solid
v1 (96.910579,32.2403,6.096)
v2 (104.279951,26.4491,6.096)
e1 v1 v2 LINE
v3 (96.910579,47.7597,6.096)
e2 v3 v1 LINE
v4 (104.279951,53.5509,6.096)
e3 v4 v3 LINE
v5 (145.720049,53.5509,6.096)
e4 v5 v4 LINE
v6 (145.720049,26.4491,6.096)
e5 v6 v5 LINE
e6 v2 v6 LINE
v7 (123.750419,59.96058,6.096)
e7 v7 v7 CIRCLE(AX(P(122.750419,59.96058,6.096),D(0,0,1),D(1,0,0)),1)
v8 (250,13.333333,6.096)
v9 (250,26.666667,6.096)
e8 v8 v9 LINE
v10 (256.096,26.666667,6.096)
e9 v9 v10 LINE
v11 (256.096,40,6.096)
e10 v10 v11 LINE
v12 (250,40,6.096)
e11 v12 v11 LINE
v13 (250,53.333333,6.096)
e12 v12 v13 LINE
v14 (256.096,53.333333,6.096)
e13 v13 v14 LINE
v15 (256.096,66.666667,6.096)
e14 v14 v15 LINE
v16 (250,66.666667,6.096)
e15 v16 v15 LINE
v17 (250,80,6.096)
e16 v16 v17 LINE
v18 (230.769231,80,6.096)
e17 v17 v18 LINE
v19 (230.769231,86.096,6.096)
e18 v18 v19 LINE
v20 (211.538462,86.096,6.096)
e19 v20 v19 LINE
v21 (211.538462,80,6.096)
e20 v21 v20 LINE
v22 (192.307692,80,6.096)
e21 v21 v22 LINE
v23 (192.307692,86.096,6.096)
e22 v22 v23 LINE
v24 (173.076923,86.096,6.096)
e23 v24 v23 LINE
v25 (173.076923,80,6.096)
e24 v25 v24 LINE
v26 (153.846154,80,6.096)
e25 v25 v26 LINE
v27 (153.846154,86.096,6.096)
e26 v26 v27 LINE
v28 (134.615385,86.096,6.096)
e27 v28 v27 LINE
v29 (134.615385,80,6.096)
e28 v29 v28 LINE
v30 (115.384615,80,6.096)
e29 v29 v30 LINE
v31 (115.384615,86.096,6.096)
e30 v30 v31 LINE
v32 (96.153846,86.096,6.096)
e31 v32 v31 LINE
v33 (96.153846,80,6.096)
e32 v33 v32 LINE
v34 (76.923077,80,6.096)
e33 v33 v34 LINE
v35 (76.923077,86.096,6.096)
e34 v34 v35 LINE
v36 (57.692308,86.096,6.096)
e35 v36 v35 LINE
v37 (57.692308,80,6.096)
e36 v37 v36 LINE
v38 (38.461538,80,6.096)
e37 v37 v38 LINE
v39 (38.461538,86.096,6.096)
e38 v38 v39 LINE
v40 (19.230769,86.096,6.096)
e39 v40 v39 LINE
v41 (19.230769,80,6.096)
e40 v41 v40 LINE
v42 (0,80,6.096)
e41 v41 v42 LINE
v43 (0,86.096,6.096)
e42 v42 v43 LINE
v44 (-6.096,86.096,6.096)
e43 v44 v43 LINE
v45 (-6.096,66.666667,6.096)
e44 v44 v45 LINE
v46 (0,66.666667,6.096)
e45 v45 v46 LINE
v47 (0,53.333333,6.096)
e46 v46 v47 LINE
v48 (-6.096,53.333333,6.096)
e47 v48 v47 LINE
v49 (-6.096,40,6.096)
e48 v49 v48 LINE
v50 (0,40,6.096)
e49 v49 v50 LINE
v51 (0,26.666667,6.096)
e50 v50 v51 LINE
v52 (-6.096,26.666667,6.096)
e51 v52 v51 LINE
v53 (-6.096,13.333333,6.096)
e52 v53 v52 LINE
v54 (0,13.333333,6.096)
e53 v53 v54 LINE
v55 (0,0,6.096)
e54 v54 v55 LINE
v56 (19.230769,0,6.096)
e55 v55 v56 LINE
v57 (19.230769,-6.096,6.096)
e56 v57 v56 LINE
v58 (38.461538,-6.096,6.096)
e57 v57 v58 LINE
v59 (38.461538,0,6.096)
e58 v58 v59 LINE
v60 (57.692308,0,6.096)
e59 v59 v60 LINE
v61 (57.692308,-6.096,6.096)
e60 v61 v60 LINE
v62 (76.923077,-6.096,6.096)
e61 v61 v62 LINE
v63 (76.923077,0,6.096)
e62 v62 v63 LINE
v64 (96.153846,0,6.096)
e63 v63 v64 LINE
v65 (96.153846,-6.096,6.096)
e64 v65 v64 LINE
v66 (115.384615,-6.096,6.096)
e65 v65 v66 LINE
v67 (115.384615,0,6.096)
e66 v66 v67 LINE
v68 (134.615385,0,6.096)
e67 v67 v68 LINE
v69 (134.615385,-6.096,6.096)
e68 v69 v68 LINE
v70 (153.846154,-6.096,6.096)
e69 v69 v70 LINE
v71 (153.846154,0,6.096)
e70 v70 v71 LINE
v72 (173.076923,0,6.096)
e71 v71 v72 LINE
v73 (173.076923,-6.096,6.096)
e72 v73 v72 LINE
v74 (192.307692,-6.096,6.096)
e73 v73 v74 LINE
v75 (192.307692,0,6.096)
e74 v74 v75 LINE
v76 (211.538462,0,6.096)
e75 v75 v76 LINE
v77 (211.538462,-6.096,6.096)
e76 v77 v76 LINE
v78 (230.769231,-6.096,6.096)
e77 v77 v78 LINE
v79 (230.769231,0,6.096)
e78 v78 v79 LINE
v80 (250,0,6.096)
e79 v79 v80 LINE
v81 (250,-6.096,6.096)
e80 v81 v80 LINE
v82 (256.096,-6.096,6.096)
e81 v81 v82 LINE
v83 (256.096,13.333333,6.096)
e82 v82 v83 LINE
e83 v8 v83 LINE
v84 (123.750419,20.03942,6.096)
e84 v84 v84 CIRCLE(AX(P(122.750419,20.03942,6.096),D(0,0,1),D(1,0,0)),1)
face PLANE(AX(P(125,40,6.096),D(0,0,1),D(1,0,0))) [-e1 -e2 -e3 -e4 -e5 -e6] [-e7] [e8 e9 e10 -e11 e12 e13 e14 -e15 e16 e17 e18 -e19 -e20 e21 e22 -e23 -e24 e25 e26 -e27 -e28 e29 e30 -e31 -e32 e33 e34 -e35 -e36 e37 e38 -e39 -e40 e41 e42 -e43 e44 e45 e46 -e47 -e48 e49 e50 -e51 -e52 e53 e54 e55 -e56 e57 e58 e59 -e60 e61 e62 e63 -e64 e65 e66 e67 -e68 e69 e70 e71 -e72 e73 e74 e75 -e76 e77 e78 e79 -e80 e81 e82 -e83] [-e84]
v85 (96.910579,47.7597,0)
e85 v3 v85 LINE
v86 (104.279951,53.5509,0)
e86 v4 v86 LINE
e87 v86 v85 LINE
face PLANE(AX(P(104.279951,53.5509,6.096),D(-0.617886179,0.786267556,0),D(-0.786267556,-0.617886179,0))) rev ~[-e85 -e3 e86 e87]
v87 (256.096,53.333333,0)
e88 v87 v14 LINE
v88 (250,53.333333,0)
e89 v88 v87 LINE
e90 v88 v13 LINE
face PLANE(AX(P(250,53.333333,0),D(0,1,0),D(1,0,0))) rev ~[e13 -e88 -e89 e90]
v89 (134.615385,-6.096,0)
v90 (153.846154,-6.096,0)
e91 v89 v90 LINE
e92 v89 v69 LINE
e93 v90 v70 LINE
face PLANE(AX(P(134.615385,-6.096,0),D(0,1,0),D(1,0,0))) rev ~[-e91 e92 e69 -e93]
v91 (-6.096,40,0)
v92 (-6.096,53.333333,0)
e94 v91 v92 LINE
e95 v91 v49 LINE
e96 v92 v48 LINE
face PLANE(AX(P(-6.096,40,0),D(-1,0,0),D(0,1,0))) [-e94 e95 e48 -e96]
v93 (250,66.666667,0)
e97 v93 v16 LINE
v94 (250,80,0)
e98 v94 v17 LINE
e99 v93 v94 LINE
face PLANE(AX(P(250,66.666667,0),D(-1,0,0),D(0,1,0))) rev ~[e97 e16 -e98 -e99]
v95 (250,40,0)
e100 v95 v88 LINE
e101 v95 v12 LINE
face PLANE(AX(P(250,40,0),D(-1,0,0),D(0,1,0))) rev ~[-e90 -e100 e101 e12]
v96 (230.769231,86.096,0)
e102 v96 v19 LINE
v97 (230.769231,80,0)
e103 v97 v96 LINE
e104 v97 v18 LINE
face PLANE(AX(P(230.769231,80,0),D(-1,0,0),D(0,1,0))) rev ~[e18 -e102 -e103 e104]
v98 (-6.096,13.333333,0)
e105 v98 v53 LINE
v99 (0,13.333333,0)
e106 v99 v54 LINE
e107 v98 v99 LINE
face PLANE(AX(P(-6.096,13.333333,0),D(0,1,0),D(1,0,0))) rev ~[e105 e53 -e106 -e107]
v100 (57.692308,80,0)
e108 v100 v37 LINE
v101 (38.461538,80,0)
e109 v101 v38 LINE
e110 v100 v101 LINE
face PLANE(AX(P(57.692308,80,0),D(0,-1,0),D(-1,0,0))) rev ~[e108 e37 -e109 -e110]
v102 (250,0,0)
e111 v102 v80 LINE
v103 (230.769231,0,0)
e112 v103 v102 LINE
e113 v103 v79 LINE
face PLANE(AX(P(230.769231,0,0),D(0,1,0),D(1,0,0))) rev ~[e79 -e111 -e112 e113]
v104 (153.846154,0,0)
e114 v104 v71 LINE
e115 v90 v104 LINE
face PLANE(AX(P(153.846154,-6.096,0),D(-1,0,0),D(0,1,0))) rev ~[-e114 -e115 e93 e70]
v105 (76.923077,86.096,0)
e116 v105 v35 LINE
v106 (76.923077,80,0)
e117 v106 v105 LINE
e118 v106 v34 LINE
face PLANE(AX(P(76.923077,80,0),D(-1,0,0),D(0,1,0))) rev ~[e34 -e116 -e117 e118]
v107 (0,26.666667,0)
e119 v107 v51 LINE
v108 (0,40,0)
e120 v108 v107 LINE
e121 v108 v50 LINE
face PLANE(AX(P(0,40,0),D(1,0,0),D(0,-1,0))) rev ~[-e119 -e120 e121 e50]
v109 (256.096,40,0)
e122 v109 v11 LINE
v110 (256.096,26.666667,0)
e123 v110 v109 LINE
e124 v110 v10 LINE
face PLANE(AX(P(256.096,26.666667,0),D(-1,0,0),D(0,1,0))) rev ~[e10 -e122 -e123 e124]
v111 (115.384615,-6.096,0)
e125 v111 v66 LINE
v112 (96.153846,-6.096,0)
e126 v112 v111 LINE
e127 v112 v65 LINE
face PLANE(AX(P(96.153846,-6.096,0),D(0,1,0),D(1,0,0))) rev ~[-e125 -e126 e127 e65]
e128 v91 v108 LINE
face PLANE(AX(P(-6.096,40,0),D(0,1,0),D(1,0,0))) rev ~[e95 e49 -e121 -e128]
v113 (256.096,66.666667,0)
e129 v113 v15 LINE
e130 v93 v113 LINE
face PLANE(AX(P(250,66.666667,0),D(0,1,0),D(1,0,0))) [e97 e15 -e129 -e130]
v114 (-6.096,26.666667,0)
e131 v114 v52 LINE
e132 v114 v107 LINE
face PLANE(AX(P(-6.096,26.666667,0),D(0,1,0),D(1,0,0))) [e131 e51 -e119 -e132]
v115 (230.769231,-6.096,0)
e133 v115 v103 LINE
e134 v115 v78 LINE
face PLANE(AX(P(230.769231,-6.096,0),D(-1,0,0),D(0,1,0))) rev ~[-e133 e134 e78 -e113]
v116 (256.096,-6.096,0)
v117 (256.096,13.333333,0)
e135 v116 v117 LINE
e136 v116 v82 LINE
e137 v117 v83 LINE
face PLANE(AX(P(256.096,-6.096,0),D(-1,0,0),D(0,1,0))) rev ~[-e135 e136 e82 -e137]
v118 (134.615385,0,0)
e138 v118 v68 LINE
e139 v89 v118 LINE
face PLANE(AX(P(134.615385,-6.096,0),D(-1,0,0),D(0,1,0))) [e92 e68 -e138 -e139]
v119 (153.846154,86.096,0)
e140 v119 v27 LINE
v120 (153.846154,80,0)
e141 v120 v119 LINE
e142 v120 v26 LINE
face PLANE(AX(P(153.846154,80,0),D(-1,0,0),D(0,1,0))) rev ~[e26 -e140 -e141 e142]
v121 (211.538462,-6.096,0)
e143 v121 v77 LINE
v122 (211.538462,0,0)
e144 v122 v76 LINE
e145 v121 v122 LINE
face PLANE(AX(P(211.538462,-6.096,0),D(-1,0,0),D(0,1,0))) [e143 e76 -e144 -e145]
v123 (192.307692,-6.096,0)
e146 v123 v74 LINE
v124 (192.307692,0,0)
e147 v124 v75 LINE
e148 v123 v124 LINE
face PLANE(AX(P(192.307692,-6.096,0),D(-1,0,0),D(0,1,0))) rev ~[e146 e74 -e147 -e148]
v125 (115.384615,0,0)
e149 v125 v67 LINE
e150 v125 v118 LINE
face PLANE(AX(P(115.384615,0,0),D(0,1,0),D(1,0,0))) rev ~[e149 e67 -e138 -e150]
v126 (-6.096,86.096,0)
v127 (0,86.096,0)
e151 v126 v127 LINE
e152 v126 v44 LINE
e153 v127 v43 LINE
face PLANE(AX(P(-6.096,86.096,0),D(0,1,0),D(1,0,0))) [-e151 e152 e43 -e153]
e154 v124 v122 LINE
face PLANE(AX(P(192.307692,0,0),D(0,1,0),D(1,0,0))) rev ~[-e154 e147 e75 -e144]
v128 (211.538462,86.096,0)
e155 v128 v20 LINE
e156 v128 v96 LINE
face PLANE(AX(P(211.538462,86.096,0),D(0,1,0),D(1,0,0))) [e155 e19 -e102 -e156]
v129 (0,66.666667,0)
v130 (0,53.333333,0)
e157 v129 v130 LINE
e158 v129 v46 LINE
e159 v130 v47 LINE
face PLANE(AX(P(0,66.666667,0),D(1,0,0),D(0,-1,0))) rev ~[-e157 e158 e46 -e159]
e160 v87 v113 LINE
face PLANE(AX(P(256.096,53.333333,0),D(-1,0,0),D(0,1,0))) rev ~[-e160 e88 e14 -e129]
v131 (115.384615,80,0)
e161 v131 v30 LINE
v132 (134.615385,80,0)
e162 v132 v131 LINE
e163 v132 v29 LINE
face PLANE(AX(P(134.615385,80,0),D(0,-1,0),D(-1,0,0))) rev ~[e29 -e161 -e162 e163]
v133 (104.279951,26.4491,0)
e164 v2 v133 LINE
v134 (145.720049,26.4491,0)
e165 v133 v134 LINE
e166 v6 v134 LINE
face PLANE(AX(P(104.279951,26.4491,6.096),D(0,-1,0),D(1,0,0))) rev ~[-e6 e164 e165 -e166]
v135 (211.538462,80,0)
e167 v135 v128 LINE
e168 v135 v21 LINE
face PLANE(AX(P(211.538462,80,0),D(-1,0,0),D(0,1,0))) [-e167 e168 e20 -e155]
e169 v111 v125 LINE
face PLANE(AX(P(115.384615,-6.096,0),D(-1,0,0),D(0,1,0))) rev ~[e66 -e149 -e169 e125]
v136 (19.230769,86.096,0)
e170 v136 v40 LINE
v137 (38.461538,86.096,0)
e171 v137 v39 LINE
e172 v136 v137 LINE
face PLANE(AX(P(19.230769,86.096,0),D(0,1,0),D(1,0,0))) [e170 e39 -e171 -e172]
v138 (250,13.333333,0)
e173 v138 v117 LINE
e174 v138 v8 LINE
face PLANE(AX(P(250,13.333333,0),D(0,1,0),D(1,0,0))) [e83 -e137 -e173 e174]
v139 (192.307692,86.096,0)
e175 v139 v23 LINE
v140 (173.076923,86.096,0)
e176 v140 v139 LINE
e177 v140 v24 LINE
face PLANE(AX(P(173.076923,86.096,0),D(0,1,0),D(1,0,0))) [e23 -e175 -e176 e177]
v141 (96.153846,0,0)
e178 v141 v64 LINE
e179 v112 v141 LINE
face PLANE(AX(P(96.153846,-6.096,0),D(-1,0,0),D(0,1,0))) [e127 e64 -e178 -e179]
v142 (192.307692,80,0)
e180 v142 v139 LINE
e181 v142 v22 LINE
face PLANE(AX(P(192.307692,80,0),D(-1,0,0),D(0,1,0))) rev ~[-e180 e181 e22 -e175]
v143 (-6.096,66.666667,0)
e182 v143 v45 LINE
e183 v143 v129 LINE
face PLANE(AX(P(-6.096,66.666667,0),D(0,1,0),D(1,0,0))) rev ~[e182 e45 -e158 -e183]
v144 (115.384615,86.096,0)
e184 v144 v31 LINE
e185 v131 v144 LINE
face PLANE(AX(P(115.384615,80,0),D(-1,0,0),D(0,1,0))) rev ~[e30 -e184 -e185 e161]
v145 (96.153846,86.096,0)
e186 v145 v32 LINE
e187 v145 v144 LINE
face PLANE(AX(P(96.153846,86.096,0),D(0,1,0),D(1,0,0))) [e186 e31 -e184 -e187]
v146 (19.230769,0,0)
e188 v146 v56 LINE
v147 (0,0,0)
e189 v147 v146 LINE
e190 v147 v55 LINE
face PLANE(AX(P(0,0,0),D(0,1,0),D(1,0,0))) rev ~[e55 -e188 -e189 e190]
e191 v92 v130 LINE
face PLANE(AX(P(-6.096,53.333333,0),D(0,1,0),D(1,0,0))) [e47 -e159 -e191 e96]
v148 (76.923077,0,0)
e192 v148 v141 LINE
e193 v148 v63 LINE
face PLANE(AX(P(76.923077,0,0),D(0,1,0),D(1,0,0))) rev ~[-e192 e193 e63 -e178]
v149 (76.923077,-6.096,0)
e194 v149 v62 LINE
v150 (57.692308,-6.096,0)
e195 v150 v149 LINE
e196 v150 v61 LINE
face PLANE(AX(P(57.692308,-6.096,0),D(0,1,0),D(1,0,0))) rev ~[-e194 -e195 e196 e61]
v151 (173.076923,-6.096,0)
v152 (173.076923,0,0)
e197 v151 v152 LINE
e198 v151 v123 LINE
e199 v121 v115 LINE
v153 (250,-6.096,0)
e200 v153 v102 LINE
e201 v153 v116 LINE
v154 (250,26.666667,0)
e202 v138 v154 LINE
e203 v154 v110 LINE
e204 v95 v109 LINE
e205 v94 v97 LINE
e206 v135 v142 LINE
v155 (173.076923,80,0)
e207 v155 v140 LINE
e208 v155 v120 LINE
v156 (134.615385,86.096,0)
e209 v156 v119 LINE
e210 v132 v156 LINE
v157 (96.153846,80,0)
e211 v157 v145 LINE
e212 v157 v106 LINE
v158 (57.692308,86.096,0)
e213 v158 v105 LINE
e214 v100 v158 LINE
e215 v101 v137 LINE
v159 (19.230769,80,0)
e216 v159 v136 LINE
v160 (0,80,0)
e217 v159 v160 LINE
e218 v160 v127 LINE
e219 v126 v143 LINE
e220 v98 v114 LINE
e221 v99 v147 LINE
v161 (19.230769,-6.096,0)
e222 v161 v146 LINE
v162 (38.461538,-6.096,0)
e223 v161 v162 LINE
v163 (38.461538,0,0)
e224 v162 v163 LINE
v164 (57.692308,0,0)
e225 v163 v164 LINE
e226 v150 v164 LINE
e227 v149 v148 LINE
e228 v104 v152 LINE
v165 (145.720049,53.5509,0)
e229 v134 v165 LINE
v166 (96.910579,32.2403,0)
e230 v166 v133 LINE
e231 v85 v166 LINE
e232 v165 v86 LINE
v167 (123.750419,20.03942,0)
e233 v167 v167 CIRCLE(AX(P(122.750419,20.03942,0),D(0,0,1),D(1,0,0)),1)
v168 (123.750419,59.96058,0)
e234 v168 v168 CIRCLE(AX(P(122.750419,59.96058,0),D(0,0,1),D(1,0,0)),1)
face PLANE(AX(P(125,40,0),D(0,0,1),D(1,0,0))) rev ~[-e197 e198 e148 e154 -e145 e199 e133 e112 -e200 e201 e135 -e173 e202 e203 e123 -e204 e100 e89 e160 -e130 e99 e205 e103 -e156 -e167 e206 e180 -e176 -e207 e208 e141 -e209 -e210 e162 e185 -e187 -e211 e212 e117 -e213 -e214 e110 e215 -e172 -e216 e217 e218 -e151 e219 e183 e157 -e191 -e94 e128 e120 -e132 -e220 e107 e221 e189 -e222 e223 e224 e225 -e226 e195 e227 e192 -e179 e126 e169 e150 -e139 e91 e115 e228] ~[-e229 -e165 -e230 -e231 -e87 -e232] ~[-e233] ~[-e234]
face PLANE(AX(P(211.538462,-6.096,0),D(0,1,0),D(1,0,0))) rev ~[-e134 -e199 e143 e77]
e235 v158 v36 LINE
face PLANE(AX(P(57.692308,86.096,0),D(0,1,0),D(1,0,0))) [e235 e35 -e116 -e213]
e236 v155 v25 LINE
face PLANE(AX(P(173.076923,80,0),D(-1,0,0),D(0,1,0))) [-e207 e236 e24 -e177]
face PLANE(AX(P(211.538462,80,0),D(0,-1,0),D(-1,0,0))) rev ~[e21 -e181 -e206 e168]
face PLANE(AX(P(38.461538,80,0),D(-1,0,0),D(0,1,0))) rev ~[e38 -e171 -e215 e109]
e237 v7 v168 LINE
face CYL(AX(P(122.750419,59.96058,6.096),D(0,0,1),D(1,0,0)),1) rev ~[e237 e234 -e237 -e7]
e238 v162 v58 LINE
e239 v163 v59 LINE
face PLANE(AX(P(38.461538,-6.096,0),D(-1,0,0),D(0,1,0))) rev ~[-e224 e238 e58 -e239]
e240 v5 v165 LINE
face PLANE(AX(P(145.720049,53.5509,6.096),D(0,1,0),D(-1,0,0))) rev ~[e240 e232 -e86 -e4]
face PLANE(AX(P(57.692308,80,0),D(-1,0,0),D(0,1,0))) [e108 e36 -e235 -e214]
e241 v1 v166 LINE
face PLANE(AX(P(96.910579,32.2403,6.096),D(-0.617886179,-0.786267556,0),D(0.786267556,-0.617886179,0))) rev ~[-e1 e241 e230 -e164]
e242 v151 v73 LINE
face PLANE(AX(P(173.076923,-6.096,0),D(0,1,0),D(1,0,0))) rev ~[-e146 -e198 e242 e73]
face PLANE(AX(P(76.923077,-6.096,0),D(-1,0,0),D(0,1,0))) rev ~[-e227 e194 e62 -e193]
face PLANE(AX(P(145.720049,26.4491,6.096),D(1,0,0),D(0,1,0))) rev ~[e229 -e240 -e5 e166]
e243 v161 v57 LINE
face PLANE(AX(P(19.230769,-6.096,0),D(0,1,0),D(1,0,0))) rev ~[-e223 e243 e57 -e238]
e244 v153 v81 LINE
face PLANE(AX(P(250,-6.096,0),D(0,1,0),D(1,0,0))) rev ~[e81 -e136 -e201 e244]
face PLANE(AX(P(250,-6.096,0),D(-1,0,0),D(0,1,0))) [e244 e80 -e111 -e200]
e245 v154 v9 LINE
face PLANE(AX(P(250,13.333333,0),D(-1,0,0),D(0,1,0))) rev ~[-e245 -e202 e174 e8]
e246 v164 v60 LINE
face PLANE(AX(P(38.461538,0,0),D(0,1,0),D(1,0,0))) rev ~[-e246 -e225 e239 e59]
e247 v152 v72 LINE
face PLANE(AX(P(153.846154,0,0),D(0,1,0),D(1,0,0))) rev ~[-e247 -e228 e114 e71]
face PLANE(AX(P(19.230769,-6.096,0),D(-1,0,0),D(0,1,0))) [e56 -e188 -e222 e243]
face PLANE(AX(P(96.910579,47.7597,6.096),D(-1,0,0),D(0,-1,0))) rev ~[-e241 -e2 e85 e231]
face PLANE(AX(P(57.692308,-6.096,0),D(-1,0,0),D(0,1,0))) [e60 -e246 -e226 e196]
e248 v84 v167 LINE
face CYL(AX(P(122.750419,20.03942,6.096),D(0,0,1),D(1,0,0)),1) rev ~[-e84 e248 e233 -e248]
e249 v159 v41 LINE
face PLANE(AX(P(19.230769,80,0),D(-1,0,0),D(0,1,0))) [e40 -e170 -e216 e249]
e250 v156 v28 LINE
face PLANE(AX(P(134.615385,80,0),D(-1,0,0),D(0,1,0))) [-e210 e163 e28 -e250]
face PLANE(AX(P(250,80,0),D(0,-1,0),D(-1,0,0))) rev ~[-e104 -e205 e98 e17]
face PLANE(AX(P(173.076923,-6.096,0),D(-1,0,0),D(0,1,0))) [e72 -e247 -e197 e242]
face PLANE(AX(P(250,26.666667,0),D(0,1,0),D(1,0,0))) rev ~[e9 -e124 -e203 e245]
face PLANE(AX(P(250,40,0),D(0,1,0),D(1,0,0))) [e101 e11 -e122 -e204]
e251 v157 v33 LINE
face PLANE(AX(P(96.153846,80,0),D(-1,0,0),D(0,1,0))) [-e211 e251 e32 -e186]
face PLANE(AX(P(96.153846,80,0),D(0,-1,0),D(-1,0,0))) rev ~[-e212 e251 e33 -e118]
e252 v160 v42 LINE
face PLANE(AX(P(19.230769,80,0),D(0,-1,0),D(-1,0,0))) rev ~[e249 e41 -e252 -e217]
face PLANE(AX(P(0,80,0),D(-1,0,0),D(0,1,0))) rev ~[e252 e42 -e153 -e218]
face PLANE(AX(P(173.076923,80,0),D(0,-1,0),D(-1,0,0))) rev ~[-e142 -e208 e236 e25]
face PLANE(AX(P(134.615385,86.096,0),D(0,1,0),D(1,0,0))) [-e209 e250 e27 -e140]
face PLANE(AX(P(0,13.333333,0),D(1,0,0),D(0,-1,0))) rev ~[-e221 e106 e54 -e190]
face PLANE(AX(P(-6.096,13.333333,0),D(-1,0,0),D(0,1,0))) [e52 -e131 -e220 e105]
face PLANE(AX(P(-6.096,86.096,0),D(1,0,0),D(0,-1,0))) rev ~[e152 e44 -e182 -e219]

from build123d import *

# Parameters (mm, degrees)
SKETCH1_W           = 19.230769231
SKETCH1_H           = 6.096
SKETCH1_W_2         = 6.096
SKETCH1_H_2         = 13.333333333
SKETCH1_H_3         = 13.333333334
BOSS_EXTRUDE1_DEPTH = 6.096
SKETCH2_R           = 1
CUT_EXTRUDE1_DEPTH  = 271.249595093


with BuildPart() as part:
    # Sketch1 → Boss-Extrude1 (new body)
    with BuildSketch(Plane.XY):
        Polygon((76.923076923, 80), (57.692307692, 80), (38.461538462, 80), (19.230769231, 80), (0, 80), (0, 66.666666667), (0, 53.333333333), (0, 40), (0, 26.666666667), (0, 13.333333333), (0, 0), (19.230769231, 0), (38.461538462, 0), (57.692307692, 0), (76.923076923, 0), (96.153846154, 0), (115.384615385, 0), (134.615384615, 0), (153.846153846, 0), (173.076923077, 0), (192.307692308, 0), (211.538461538, 0), (230.769230769, 0), (250, 0), (250, 13.333333333), (250, 26.666666667), (250, 40), (250, 53.333333333), (250, 66.666666667), (250, 80), (230.769230769, 80), (211.538461538, 80), (192.307692308, 80), (173.076923077, 80), (153.846153846, 80), (134.615384615, 80), (115.384615385, 80), (96.153846154, 80), align=None)
        with Locations((28.846153847, 83.048)):
            Rectangle(SKETCH1_W, SKETCH1_H)
        with Locations((-3.048, 73.333333334)):
            Rectangle(SKETCH1_W_2, SKETCH1_H_2)
        with Locations((-3.048, 83.048)):
            Rectangle(SKETCH1_W_2, SKETCH1_H)
        with Locations((-3.048, 46.666666667)):
            Rectangle(SKETCH1_W_2, SKETCH1_H_2)
        with Locations((-3.048, 20)):
            Rectangle(SKETCH1_W_2, SKETCH1_H_3)
        with Locations((28.846153847, -3.048)):
            Rectangle(SKETCH1_W, SKETCH1_H)
        with Locations((67.307692308, -3.048)):
            Rectangle(SKETCH1_W, SKETCH1_H)
        with Locations((105.76923077, -3.048)):
            Rectangle(SKETCH1_W, SKETCH1_H)
        with Locations((144.230769231, -3.048)):
            Rectangle(SKETCH1_W, SKETCH1_H)
        with Locations((182.692307693, -3.048)):
            Rectangle(SKETCH1_W, SKETCH1_H)
        with Locations((221.153846154, -3.048)):
            Rectangle(SKETCH1_W, SKETCH1_H)
        with Locations((253.048, 6.666666667)):
            Rectangle(SKETCH1_W_2, SKETCH1_H_2)
        with Locations((253.048, -3.048)):
            Rectangle(SKETCH1_W_2, SKETCH1_H)
        with Locations((253.048, 33.333333334)):
            Rectangle(SKETCH1_W_2, SKETCH1_H_2)
        with Locations((253.048, 60)):
            Rectangle(SKETCH1_W_2, SKETCH1_H_3)
        with Locations((221.153846154, 83.048)):
            Rectangle(SKETCH1_W, SKETCH1_H)
        with Locations((182.692307693, 83.048)):
            Rectangle(SKETCH1_W, SKETCH1_H)
        with Locations((144.230769231, 83.048)):
            Rectangle(SKETCH1_W, SKETCH1_H)
        with Locations((105.76923077, 83.048)):
            Rectangle(SKETCH1_W, SKETCH1_H)
        with Locations((67.307692308, 83.048)):
            Rectangle(SKETCH1_W, SKETCH1_H)
    extrude(amount=BOSS_EXTRUDE1_DEPTH)

    # Sketch2 → Cut-Extrude1 (cut, through all)
    with BuildSketch(Plane.XY.offset(6.096)):
        with Locations((122.750419351, 59.96058)):
            Circle(SKETCH2_R)
        with Locations((122.750419351, 20.03942)):
            Circle(SKETCH2_R)
        Polygon((145.720049351, 53.5509), (104.279950649, 53.5509), (96.910579351, 47.7597), (96.910579351, 32.2403), (104.279950649, 26.4491), (145.720049351, 26.4491), align=None)
    extrude(amount=-CUT_EXTRUDE1_DEPTH, mode=Mode.SUBTRACT)


solid = part.part
